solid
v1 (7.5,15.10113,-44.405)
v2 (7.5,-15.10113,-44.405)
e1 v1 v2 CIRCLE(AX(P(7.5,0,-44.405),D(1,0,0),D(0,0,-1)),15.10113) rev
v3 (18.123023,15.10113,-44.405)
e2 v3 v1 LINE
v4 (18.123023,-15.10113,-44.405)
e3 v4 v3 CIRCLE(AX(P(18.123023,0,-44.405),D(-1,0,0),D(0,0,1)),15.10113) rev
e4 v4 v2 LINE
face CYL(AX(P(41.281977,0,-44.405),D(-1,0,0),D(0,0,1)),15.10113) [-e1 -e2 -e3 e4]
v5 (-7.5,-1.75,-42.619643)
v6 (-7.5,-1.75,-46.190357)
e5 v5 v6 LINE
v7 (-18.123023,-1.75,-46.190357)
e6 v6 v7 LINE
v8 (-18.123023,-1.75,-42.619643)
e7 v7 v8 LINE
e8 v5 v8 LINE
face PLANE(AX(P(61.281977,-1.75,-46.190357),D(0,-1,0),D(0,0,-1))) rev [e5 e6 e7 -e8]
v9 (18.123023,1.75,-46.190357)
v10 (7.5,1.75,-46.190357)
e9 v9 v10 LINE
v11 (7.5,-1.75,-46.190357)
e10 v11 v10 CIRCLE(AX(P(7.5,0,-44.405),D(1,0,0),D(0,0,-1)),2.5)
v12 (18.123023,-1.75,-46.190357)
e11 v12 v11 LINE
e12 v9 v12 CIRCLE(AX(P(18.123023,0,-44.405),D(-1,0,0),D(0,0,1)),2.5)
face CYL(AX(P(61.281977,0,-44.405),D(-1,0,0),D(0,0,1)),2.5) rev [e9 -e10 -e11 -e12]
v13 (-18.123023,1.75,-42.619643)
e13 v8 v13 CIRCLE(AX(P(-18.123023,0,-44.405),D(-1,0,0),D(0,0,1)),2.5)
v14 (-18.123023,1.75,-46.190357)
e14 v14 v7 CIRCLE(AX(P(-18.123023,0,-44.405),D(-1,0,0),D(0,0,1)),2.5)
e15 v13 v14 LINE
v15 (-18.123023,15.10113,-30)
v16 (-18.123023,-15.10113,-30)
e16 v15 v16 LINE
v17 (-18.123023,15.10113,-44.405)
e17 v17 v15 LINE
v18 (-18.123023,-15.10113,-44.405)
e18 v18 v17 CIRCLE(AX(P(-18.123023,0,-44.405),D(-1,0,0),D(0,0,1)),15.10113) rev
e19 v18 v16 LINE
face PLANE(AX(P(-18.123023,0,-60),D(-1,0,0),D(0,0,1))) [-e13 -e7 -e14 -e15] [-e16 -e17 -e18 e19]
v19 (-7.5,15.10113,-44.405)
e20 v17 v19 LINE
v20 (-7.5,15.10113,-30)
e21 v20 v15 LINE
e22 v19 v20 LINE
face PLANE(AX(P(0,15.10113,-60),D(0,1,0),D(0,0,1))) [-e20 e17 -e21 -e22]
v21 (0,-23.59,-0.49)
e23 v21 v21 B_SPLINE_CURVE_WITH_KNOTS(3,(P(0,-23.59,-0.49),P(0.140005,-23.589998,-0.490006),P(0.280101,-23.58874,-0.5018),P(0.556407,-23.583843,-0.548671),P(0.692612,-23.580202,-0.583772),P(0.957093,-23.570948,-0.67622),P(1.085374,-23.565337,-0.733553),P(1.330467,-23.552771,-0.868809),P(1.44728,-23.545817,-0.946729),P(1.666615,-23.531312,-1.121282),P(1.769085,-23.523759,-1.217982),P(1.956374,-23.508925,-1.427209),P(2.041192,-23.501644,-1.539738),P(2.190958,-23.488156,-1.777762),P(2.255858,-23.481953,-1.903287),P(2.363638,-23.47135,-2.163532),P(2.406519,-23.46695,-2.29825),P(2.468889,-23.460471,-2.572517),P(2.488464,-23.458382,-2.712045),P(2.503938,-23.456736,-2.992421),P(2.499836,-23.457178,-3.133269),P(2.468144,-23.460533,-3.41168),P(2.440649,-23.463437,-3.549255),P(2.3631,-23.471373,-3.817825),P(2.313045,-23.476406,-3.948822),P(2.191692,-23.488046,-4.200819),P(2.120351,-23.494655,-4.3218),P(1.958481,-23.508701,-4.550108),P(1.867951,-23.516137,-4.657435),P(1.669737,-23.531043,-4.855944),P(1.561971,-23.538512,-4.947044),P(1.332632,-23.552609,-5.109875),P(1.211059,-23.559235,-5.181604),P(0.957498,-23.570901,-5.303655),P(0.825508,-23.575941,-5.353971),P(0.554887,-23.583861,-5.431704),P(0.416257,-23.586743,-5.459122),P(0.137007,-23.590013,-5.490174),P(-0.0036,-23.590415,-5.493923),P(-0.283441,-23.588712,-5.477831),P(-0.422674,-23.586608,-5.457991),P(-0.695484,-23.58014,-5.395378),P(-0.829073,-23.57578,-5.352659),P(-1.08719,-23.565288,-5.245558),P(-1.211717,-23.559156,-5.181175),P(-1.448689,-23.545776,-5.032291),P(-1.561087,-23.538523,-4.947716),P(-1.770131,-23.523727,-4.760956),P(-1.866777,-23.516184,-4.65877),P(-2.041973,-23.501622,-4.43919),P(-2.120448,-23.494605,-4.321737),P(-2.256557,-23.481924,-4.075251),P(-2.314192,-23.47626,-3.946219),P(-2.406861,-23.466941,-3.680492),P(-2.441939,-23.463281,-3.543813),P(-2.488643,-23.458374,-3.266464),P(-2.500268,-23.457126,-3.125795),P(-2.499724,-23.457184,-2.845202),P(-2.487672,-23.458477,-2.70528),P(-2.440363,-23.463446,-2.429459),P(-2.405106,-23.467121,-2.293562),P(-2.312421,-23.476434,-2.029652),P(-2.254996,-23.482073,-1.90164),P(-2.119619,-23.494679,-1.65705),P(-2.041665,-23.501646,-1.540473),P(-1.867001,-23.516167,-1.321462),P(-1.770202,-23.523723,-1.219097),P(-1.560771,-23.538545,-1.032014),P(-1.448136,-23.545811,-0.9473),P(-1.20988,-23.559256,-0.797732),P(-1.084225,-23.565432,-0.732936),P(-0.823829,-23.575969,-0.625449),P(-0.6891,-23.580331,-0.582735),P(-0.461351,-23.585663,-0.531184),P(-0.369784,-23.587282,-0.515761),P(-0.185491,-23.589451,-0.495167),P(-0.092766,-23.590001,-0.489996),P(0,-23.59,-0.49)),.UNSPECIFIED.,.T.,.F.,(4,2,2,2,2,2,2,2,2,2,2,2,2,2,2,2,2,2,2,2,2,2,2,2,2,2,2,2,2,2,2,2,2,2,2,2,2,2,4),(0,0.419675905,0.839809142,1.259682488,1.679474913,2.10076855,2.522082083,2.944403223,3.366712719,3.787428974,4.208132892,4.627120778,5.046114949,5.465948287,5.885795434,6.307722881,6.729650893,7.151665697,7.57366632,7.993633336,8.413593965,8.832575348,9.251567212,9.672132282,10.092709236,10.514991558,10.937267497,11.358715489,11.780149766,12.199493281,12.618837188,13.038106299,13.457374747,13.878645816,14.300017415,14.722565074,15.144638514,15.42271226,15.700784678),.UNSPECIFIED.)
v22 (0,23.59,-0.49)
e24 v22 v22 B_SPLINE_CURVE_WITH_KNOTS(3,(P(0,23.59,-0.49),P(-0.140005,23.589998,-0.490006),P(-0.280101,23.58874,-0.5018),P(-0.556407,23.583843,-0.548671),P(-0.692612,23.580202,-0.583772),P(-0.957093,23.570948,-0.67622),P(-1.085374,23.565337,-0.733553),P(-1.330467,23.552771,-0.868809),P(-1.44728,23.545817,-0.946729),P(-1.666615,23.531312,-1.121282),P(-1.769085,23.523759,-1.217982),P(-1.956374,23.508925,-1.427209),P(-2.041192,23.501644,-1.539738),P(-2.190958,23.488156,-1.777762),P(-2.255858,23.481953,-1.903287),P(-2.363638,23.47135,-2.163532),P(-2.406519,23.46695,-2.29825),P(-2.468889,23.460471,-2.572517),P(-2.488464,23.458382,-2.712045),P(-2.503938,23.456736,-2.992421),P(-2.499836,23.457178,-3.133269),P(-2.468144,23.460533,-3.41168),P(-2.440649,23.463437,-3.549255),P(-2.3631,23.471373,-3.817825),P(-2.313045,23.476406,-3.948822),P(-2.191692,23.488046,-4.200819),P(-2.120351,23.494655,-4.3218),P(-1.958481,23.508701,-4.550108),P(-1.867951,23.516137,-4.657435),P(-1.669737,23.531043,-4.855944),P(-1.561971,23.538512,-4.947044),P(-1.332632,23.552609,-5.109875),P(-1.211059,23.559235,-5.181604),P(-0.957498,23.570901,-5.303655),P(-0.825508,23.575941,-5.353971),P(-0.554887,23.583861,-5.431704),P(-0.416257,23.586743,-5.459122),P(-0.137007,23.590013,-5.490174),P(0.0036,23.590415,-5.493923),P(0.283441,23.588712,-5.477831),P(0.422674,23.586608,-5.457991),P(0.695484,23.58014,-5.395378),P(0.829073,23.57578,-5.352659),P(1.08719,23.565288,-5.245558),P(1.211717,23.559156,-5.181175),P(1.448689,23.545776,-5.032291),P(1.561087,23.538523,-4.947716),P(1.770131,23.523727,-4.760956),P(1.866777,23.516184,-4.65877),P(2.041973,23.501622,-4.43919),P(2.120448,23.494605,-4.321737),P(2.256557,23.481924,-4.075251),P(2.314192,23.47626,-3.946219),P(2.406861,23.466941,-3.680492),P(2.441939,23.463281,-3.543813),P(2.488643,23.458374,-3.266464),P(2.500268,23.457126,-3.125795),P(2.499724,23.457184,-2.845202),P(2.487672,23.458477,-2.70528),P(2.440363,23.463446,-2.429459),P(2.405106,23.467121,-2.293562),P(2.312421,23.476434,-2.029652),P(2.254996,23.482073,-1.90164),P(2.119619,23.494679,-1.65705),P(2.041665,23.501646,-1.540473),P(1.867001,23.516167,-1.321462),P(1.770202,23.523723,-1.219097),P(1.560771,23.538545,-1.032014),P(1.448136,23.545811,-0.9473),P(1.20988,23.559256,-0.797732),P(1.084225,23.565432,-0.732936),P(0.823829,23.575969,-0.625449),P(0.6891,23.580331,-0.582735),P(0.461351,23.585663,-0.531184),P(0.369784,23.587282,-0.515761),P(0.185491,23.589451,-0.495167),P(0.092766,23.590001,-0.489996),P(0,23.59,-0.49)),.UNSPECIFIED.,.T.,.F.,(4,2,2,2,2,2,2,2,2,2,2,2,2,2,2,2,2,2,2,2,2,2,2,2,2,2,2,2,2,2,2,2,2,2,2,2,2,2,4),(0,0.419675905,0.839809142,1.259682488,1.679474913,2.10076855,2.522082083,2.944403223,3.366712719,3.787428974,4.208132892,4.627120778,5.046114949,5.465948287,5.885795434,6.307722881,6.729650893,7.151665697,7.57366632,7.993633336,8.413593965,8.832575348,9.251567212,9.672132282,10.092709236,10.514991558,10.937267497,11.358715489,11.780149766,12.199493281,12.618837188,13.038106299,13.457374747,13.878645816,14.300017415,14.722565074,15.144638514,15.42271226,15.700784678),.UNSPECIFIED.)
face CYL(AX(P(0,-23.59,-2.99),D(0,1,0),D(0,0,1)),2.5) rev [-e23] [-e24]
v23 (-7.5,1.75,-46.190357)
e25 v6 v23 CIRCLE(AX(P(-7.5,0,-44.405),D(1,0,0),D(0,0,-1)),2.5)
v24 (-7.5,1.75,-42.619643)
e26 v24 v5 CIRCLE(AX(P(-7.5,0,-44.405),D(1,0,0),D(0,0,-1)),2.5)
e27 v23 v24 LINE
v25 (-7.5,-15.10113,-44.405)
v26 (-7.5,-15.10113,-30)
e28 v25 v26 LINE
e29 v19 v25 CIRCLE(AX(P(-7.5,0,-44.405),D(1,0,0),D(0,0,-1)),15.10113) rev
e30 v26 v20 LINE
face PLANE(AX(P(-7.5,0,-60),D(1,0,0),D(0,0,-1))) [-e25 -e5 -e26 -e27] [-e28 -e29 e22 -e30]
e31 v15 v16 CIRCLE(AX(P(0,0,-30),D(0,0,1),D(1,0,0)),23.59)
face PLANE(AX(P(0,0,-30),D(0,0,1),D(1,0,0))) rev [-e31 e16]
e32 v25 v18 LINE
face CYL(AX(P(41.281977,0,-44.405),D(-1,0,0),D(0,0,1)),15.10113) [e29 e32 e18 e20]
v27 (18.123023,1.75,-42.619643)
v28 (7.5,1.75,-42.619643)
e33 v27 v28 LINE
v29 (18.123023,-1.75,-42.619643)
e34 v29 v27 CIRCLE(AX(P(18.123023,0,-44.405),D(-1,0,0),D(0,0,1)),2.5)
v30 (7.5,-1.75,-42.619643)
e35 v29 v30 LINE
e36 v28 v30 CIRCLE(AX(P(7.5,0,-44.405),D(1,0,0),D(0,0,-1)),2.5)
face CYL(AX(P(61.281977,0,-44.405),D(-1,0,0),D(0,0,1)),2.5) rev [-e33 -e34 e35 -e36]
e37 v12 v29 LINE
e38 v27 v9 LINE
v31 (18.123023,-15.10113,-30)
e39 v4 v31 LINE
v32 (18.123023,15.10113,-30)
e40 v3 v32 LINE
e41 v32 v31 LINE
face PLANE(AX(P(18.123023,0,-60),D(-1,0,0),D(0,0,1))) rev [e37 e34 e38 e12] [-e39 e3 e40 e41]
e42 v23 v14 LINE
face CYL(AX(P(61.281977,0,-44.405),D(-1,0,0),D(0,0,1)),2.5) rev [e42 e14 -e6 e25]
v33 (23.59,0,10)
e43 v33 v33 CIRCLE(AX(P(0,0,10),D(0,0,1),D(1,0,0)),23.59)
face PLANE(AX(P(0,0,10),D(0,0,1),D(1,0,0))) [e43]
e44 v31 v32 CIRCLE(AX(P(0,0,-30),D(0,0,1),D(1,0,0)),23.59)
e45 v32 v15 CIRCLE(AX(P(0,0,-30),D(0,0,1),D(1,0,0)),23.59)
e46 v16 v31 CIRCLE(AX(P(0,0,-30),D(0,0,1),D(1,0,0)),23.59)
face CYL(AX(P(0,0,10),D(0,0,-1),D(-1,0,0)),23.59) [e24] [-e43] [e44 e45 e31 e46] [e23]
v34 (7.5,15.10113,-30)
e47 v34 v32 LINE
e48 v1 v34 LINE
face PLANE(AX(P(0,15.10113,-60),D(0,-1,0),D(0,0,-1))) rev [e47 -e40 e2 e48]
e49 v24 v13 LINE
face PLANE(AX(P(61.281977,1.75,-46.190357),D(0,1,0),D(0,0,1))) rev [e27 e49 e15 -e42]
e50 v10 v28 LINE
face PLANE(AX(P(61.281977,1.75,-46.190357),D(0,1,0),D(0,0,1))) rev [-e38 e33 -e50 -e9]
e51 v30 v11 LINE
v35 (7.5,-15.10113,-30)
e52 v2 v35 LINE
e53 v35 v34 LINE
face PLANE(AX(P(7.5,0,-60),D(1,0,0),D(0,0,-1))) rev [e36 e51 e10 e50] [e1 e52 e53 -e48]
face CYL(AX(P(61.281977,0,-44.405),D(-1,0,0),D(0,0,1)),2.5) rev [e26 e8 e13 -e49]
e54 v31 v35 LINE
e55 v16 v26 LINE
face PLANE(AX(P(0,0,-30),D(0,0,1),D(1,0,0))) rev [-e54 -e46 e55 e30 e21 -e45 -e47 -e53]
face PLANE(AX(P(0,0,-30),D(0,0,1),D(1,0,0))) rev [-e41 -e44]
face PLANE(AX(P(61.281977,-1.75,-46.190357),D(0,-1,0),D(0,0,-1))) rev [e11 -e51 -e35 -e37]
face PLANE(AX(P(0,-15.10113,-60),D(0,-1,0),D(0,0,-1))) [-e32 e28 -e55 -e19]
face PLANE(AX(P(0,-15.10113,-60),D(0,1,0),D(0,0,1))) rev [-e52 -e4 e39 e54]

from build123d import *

# Parameters (mm, degrees)
RESSALTO_EXTRUS_O1_DEPTH      = 10
RESSALTO_EXTRUS_O1_DEPTH_BACK = 30
ESBO_O1_R                     = 23.59
RESSALTO_EXTRUS_O2_DEPTH      = 30
CORTE_EXTRUS_O1_DEPTH         = 59.405
CORTE_EXTRUS_O2_DEPTH         = 79.405
SKETCH2_R                     = 2.5
CUT_EXTRUDE1_DEPTH            = 80.519934634


with BuildPart() as part:
    # Esboço1 → Ressalto-extrusão1 (new, two sides: drawn at the far end of the back side and taken through both)
    with BuildSketch(Plane.XY.offset(-RESSALTO_EXTRUS_O1_DEPTH_BACK)):
        Circle(ESBO_O1_R)
    extrude(amount=RESSALTO_EXTRUS_O1_DEPTH + RESSALTO_EXTRUS_O1_DEPTH_BACK)

    # Esboço2 → Ressalto-extrusão2 (add)
    with BuildSketch(Plane(origin=(0, 0, -30), x_dir=(-1, 0, 0), z_dir=(0, 0, -1))):
        Polygon((-7.5, -15.101129972), (-7.5, 0), (-7.5, 15.101129972), (-18.123023301, 15.101129972), (-18.123023301, -15.101129972), align=None)
        Polygon((7.5, -15.101129972), (7.5, 0), (7.5, 15.101129972), (18.123023301, 15.101129972), (18.123023301, -15.101129972), align=None)
    extrude(amount=RESSALTO_EXTRUS_O2_DEPTH)

    # Esboço3 → Corte-extrusão1 (cut, symmetric)
    with BuildSketch(Plane.ZY.offset(18.123023301)):
        with BuildLine():
            Line((-44.405, 18.172432148), (-62.563044424, 18.172432148))
            Line((-62.563044424, 18.172432148), (-62.563044424, -18.251867877))
            Line((-62.563044424, -18.251867877), (-44.405, -18.251867877))
            Line((-44.405, -18.251867877), (-44.405, -15.101129972))
            ThreePointArc((-44.405, -15.101129972), (-59.506129972, 0), (-44.405, 15.101129972))
            Line((-44.405, 15.101129972), (-44.405, 18.172432148))
        make_face()
    extrude(amount=CORTE_EXTRUS_O1_DEPTH, both=True, mode=Mode.SUBTRACT)

    # Esboço4 → Corte-extrusão2 (cut, symmetric)
    with BuildSketch(Plane.ZY.offset(18.123023301)):
        with BuildLine():
            Line((-46.190357107, 1.75), (-42.619642893, 1.75))
            ThreePointArc((-42.619642893, 1.75), (-41.905, 0), (-42.619642893, -1.75))
            Line((-42.619642893, -1.75), (-46.190357107, -1.75))
            ThreePointArc((-46.190357107, -1.75), (-46.905, 0), (-46.190357107, 1.75))
        make_face()
    extrude(amount=CORTE_EXTRUS_O2_DEPTH, both=True, mode=Mode.SUBTRACT)

    # Sketch2 → Cut-Extrude1 (cut, through all)
    with BuildSketch(Plane(origin=(0, 23.59, 0), x_dir=(1, 0, 0), z_dir=(0, 1, 0))):
        with Locations(Location((0, 2.99, 0), (0, 0, 270))):
            Circle(SKETCH2_R)
    extrude(amount=-CUT_EXTRUDE1_DEPTH, mode=Mode.SUBTRACT)


solid = part.part
